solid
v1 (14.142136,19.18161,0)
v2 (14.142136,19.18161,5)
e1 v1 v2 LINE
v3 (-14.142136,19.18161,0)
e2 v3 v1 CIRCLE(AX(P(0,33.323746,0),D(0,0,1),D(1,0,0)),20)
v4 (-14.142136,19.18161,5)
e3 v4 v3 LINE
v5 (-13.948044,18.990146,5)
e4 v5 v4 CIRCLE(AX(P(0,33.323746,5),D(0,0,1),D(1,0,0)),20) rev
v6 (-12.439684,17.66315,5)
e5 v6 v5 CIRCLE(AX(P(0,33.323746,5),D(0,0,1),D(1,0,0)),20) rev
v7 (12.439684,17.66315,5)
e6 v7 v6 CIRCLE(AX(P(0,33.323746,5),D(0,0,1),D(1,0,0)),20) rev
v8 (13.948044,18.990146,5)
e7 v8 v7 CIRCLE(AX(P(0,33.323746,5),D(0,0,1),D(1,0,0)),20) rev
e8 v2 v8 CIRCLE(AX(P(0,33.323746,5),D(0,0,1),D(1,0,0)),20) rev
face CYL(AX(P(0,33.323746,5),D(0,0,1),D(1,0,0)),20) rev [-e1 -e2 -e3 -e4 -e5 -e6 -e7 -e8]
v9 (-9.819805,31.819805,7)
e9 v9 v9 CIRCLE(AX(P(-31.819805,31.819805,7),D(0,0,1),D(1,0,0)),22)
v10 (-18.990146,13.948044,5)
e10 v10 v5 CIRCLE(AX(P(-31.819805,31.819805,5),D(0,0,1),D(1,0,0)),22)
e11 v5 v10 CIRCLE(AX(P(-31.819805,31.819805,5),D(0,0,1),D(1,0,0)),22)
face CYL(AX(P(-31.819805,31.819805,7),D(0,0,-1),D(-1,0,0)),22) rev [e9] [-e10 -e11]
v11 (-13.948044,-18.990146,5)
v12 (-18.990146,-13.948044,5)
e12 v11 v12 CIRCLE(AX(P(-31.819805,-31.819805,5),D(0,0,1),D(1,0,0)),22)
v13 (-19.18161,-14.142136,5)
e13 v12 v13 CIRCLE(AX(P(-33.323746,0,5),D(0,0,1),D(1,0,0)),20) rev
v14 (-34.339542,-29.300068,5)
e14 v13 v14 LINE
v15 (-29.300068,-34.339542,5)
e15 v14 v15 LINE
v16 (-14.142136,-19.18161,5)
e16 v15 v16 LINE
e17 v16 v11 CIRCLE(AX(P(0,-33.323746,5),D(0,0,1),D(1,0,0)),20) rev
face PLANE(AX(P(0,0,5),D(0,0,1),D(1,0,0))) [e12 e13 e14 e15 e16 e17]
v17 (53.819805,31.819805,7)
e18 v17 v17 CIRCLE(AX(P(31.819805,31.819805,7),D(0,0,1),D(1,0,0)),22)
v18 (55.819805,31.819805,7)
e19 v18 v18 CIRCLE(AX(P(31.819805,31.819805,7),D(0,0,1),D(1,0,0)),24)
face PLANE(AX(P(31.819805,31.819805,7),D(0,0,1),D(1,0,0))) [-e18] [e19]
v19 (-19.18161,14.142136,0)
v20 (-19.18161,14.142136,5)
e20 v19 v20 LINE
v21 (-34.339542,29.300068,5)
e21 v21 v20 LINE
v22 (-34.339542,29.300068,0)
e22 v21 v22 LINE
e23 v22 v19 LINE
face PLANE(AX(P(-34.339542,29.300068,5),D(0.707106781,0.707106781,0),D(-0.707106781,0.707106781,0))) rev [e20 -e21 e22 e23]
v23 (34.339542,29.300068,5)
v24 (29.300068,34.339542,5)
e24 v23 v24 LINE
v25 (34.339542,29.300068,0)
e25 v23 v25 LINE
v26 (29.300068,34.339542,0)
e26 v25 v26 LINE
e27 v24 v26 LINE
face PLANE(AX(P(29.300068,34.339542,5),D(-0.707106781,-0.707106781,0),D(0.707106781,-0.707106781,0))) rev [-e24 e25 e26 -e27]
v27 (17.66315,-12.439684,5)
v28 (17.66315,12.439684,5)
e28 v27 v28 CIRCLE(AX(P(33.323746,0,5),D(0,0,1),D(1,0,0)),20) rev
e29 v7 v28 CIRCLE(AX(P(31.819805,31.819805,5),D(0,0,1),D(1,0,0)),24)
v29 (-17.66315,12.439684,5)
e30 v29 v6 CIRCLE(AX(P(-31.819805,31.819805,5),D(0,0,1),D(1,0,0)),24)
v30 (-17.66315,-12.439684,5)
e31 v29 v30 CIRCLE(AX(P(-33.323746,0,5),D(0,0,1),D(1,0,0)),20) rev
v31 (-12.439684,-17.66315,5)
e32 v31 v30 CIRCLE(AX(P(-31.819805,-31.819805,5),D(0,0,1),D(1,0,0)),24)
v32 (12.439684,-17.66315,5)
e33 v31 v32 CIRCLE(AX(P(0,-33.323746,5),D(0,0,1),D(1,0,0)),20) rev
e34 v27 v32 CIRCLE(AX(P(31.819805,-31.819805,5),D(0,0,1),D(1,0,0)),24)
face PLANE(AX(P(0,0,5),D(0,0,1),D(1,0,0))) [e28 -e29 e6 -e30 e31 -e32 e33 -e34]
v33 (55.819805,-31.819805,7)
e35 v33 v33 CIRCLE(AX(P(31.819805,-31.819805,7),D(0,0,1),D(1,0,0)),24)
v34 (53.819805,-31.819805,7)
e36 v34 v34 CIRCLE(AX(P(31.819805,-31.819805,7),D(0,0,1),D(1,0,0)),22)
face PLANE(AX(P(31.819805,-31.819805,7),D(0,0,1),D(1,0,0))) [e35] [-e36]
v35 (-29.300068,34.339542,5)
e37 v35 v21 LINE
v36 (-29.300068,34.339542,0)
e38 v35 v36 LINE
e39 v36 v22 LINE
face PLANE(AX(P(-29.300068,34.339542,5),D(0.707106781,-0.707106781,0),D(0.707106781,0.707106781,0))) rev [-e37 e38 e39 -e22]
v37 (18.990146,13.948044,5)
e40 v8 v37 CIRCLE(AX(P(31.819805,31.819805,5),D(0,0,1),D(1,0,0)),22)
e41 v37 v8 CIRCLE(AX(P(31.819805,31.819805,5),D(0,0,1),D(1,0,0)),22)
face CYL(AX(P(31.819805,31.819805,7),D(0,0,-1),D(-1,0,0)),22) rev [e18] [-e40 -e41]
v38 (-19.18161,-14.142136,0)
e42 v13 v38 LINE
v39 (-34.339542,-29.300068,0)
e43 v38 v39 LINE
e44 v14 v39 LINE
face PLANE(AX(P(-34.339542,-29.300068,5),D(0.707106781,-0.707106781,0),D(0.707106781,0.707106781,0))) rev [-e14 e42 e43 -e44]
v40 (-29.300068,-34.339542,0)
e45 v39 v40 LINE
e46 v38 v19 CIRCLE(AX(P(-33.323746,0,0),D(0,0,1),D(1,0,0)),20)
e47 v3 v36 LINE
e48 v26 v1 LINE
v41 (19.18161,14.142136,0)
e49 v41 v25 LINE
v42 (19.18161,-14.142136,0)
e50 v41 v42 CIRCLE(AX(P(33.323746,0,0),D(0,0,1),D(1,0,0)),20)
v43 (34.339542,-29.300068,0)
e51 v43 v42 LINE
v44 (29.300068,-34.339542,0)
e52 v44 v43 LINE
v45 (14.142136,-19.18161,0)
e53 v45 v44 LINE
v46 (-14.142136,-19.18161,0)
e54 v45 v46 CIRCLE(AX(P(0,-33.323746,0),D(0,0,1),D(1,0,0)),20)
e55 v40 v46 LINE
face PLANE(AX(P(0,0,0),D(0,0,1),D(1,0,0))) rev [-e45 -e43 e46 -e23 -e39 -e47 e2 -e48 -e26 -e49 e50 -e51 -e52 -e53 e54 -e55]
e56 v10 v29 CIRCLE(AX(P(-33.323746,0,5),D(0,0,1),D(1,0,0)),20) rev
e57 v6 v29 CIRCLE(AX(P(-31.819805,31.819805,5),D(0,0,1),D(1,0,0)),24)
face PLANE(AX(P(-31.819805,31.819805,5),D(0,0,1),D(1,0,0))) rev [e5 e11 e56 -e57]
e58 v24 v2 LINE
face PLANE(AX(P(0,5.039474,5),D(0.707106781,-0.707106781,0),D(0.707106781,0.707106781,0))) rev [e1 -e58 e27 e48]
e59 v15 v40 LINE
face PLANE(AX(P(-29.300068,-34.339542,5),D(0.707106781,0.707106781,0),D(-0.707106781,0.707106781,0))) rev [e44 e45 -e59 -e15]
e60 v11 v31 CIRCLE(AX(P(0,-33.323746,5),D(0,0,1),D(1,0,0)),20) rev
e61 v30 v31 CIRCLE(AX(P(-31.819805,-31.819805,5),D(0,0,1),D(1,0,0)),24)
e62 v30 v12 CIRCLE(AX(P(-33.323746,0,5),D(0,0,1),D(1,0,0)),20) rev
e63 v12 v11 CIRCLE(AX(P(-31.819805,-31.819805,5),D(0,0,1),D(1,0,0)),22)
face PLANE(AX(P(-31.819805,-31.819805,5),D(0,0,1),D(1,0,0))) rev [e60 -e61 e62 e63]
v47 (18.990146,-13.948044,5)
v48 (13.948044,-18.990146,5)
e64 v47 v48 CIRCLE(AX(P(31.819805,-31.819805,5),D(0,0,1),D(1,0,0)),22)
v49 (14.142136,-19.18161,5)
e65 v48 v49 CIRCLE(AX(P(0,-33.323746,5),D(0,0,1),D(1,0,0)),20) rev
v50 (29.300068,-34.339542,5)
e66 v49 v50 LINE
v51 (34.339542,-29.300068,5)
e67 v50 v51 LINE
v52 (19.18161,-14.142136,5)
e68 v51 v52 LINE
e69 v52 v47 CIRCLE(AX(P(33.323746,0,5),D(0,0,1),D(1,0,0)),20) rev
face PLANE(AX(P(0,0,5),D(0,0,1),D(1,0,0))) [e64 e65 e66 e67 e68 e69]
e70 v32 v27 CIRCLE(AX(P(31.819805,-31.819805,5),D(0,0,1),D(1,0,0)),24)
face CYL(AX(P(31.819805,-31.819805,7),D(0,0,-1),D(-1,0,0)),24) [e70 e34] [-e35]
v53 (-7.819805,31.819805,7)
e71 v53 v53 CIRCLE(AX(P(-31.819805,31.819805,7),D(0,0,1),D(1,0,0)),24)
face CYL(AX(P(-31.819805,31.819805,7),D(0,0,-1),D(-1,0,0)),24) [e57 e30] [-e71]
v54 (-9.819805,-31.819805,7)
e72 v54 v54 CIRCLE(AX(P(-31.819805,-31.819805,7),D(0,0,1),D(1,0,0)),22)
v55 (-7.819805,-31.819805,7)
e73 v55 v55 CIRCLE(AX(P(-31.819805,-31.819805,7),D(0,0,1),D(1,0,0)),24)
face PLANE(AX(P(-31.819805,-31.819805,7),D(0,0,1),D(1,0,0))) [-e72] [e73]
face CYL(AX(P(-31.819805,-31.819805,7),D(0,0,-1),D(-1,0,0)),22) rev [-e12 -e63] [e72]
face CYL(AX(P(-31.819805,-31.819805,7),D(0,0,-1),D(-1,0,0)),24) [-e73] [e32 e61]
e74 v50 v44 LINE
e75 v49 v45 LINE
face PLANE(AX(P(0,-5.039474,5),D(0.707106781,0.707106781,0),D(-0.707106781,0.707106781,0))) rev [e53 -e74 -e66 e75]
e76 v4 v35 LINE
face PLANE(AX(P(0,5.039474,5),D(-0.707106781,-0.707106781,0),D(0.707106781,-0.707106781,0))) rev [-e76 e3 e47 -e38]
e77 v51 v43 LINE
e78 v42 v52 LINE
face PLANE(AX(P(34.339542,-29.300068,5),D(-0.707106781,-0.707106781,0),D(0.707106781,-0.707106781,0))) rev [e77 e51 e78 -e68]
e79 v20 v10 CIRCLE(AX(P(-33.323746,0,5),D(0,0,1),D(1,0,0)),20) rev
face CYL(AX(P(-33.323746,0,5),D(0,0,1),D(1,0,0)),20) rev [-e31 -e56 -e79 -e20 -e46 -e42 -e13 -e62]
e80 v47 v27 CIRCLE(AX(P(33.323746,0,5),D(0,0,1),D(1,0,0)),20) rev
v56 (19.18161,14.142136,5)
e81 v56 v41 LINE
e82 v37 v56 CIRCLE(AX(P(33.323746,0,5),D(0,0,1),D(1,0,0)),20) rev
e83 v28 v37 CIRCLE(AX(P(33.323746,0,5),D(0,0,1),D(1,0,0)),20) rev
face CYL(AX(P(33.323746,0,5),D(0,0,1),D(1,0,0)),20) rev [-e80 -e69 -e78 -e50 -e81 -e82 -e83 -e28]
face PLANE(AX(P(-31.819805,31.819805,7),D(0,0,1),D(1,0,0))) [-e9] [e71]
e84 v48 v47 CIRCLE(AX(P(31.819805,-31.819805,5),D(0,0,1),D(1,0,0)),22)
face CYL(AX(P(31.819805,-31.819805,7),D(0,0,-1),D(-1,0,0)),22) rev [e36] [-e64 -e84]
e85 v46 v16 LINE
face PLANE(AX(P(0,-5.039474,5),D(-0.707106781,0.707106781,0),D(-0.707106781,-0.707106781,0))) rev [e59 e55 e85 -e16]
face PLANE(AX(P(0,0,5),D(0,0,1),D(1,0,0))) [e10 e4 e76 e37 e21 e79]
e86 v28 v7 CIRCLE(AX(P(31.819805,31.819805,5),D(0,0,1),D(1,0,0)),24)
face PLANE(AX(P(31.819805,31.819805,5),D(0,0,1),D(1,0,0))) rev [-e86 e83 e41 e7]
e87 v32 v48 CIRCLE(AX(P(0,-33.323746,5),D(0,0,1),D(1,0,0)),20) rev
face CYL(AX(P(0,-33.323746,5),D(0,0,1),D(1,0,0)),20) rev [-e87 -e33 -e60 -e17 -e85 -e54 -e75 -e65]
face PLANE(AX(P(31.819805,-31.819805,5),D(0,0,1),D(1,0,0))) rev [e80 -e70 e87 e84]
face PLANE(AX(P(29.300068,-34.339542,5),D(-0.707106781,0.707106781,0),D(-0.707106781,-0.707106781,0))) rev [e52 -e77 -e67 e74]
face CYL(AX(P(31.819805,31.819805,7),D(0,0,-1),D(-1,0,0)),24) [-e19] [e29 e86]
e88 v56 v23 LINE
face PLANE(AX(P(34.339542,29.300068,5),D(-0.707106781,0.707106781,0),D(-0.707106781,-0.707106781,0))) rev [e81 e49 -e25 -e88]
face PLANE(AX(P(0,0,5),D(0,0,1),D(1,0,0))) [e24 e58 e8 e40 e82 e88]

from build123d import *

# Parameters (mm, degrees)
BOSS_EXTRUDE1_DEPTH = 5
FILLET1_R           = 20
SKETCH3_R           = 24
SKETCH3_R_2         = 22
BOSS_EXTRUDE2_DEPTH = 2


with BuildPart() as part:
    # Sketch2 → Boss-Extrude1 (new body)
    with BuildSketch(Plane.XY):
        Polygon((0, 5.039474274), (29.300068016, 34.339542291), (34.339542291, 29.300068016), (5.039474274, 0), (34.339542291, -29.300068016), (29.300068016, -34.339542291), (0, -5.039474274), (-29.300068016, -34.339542291), (-34.339542291, -29.300068016), (-5.039474274, 0), (-34.339542291, 29.300068016), (-29.300068016, 34.339542291), align=None)
    extrude(amount=BOSS_EXTRUDE1_DEPTH)

    # Fillet1
    fillet1_edges = [part.edges().sort_by_distance(p)[0] for p in [
        (0, -5.039474274, 2.5),
        (-5.039474274, 0, 2.5),
        (0, 5.039474274, 2.5),
        (5.039474274, 0, 2.5),
    ]]
    fillet(fillet1_edges, radius=FILLET1_R)

    # Sketch3 → Boss-Extrude2 (add)
    # profile 1 of 4: a face of its own
    with BuildSketch(Plane.XY.offset(5)):
        with Locations(Location((-31.819805153, 31.819805153, 0), (0, 0, 306.147120123))):
            Circle(SKETCH3_R)
        with Locations(Location((-31.819805153, 31.819805153, 0), (0, 0, 305.673554169))):
            Circle(SKETCH3_R_2, mode=Mode.SUBTRACT)
    # profile 2 of 4: a face of its own
    with BuildSketch(Plane.XY.offset(5)):
        with Locations(Location((31.819805153, 31.819805153, 0), (0, 0, 216.147120123))):
            Circle(SKETCH3_R)
        with Locations(Location((31.819805153, 31.819805153, 0), (0, 0, 215.673554169))):
            Circle(SKETCH3_R_2, mode=Mode.SUBTRACT)
    # profile 3 of 4: a face of its own
    with BuildSketch(Plane.XY.offset(5)):
        with Locations(Location((31.819805153, -31.819805153, 0), (0, 0, 143.852879877))):
            Circle(SKETCH3_R)
        with Locations(Location((31.819805153, -31.819805153, 0), (0, 0, 144.326445831))):
            Circle(SKETCH3_R_2, mode=Mode.SUBTRACT)
    # profile 4 of 4: a face of its own
    with BuildSketch(Plane.XY.offset(5)):
        with Locations(Location((-31.819805153, -31.819805153, 0), (0, 0, 53.852879877))):
            Circle(SKETCH3_R)
        with Locations(Location((-31.819805153, -31.819805153, 0), (0, 0, 54.326445831))):
            Circle(SKETCH3_R_2, mode=Mode.SUBTRACT)
    extrude(amount=BOSS_EXTRUDE2_DEPTH)


solid = part.part
